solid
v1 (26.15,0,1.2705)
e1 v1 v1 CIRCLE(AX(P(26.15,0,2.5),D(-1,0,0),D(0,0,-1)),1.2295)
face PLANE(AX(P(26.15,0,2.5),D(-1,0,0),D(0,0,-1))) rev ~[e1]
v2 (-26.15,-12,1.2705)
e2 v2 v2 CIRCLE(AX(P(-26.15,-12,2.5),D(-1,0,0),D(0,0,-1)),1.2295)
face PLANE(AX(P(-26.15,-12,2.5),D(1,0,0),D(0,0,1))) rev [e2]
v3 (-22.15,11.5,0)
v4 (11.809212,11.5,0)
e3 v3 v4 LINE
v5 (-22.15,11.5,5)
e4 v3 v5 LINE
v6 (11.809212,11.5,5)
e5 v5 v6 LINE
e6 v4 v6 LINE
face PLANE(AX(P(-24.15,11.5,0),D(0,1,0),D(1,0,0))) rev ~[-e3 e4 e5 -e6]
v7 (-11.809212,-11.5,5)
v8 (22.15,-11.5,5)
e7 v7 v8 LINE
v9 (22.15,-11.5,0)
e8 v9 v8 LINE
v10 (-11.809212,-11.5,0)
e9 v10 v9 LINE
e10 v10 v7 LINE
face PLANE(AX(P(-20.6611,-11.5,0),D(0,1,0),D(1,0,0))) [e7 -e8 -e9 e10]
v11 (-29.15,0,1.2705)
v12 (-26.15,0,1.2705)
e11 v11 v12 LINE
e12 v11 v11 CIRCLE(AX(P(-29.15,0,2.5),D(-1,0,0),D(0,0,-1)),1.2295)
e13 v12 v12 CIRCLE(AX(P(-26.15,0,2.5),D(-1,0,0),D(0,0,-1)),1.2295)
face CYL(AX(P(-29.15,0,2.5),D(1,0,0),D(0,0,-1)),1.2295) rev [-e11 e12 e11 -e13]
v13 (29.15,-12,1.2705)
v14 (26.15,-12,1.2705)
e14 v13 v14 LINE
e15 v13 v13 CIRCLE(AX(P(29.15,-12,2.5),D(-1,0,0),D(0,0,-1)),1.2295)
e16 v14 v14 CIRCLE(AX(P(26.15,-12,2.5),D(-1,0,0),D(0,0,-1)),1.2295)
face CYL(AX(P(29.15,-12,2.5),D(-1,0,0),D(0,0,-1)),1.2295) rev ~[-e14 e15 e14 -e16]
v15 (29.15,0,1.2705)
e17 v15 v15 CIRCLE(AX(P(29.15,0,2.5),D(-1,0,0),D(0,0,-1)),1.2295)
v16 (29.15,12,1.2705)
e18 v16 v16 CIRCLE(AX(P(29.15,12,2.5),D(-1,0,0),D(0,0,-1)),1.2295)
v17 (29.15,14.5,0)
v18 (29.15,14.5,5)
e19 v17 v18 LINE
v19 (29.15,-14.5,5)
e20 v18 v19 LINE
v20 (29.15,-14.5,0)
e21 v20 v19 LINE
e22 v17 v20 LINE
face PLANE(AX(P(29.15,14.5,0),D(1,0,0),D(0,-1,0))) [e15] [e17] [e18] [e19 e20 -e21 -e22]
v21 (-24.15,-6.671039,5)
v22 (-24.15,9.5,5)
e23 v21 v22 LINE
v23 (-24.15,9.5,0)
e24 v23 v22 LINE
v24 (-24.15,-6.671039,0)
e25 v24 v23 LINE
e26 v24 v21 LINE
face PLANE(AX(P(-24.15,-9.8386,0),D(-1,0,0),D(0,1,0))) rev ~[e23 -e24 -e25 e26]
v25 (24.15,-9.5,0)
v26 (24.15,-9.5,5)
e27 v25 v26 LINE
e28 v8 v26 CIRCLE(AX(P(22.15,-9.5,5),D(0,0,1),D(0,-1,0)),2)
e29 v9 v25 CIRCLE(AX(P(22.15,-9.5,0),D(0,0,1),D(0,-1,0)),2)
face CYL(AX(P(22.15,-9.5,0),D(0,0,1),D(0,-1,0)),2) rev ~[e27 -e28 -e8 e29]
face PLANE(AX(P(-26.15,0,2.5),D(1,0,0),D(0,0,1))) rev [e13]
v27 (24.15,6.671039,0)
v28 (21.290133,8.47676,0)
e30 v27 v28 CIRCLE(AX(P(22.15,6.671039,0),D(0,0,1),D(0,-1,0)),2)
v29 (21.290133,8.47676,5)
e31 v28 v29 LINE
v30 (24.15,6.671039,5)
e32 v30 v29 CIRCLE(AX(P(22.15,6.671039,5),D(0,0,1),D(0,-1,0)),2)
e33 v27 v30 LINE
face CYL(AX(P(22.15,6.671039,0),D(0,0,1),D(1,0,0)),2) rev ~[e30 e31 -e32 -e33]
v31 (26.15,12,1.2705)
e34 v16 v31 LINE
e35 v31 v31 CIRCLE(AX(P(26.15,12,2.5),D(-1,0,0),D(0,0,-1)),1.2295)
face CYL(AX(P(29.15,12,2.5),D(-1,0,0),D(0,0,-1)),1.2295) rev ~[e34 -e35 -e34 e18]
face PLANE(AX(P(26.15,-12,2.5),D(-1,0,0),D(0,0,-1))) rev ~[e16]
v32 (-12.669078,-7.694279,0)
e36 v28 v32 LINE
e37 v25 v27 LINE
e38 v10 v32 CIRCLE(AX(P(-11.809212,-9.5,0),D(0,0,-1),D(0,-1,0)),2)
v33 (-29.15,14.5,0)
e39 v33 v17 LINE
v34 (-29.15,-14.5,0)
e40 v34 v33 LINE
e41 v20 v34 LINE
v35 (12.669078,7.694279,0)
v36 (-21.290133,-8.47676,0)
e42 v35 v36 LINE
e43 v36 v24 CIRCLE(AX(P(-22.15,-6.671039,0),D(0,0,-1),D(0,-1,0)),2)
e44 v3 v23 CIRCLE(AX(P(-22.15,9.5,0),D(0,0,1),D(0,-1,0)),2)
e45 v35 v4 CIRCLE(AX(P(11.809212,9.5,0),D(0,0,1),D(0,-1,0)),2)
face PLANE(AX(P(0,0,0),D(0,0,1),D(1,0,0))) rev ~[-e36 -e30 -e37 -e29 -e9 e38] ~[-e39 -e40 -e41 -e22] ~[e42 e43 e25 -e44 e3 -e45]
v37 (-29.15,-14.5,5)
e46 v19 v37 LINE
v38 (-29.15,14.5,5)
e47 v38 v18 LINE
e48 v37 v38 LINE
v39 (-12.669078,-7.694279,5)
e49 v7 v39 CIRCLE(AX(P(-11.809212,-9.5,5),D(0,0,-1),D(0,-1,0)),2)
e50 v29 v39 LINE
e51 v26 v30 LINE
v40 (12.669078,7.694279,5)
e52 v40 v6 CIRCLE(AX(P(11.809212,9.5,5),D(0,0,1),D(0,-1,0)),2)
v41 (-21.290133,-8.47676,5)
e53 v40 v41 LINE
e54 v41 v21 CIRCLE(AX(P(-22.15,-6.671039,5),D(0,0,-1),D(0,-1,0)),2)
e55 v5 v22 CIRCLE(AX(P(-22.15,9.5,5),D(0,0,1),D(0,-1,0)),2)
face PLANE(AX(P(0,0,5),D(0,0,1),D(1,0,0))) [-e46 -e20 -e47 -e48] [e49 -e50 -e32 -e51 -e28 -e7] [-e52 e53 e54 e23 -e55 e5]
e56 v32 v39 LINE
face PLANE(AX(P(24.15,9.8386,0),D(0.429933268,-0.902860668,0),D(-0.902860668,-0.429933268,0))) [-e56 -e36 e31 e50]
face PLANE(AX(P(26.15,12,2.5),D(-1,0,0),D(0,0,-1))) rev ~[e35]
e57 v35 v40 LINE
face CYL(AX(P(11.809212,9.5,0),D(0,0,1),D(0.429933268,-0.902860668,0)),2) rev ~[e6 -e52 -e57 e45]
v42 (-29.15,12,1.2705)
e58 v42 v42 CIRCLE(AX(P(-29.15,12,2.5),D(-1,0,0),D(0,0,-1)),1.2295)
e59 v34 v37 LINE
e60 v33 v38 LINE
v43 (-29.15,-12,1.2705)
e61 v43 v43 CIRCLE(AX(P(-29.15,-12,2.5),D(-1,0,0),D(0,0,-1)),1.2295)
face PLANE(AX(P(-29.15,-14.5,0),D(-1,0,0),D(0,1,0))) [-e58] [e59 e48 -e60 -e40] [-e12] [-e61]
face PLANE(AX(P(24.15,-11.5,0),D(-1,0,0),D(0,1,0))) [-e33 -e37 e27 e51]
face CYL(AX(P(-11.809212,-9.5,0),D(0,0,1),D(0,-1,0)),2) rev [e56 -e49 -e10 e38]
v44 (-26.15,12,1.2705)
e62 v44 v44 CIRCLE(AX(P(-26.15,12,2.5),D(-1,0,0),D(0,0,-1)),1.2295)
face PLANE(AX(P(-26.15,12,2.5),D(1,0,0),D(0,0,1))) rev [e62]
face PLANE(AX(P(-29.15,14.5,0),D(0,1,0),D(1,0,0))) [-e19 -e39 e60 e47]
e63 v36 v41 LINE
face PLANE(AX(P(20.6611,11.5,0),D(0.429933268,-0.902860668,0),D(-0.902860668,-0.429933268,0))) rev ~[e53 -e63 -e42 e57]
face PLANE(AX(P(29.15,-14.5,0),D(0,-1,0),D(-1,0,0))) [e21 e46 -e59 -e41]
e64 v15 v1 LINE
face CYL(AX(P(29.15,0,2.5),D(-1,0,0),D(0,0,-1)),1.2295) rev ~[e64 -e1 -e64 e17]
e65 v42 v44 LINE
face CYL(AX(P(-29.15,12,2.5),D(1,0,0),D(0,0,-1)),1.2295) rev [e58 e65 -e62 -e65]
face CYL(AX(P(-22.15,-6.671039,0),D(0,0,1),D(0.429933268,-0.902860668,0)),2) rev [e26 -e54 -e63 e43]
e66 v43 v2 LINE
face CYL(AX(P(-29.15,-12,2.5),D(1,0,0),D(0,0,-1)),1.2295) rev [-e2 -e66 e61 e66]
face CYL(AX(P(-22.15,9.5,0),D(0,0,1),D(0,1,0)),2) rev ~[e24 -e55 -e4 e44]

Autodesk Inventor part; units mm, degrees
ref_plane "YZ Plane" through (0, 0, 0) normal (1, 0, 0) x (0, 1, 0)
ref_plane "XZ Plane" through (0, 0, 0) normal (0, 1, 0) x (-1, 0, 0)
ref_plane "XY Plane" through (0, 0, 0) normal (0, 0, 1) x (1, 0, 0)
sketch "スケッチ1" plane through (0, 0, 0) normal (0, 0, 1) x (1, 0, 0)
  line L0 (-29.15, 14.5) -> (29.15, 14.5)
  line L1 (29.15, 14.5) -> (29.15, -14.5)
  line L2 (29.15, -14.5) -> (-29.15, -14.5)
  line L3 (-29.15, -14.5) -> (-29.15, 14.5)
  line L4 (-24.15, 11.5) -> (24.15, 11.5) construction
  line L5 (24.15, 11.5) -> (24.15, -11.5) construction
  line L6 (24.15, -11.5) -> (-24.15, -11.5) construction
  line L7 (-24.15, -11.5) -> (-24.15, 11.5) construction
  line L8 (24.15, 11.5) -> (-24.15, -11.5) construction
  line L9 (-24.15, -9.8386) -> (-24.15, 11.5)
  line L10 (-24.15, 11.5) -> (20.6611, 11.5)
  line L11 (20.6611, 11.5) -> (-24.15, -9.8386)
  line L12 (-20.6611, -11.5) -> (24.15, -11.5)
  line L13 (24.15, -11.5) -> (24.15, 9.8386)
  line L14 (24.15, 9.8386) -> (-20.6611, -11.5)
  line L15 (-29.15, 12) -> (29.15, 12) construction
  line L16 (29.15, -12) -> (-29.15, -12) construction
  line L17 (29.15, 12) -> (29.15, -12) construction
  point P0 (0, 0)
  point P1 (0, 11.5)
  point P2 (0, 14.5)
  point P3 (24.15, 0)
  point P4 (29.15, 0)
  dimension "d0" = 5
  dimension "d1" = 3
  dimension "d2" = 1.5
  dimension "d3" = 24
  dimension "d4" = 2.5
  dimension "d16" = 58.3
extrude "押し出し1" add sketch "スケッチ1" along normal blind 5
sketch "スケッチ2" plane through (29.15, -14.5, 0) normal (1, 0, 0) x (0, 0, -1)
  line L0 (0, 29) -> (-5, 29) projected
  line L1 (-5, 0) -> (-5, 29) projected
  line L2 (0, 14.5) -> (-5, 14.5) construction
  point P0 (-2.5, 2.5)
  point P1 (-2.5, 14.5)
  point P2 (-2.5, 26.5)
  point P3 (-2.5, 29)
  dimension "d7" = 24
hole "穴1" at (29.15, -12, 2.5) at (29.15, 0, 2.5) at (29.15, 12, 2.5) direction (-1, 0, 0) diameter 2.459 depth 3 thread size "M3x0.5" class "6H" standard "ISO Metric profile"
mirror "ミラー1" about plane through (0, 0, 0) normal (1, 0, 0) of "穴1"
fillet "フィレット1" radius 2 6 edges at (-20.6611, -11.5, 2.5) (-24.15, -9.8386, 2.5) (24.15, 9.8386, 2.5) (24.15, -11.5, 2.5) (-24.15, 11.5, 2.5) (20.6611, 11.5, 2.5)
equation "\"d3\" = d5_1"
equation "\"d7\" = d3"
equation "\"d5_1\" = 24"
properties part number "リンク_ふくらはぎ_サブフレーム_1_2(予備案)" material "アルミニウム 2014-T4"
